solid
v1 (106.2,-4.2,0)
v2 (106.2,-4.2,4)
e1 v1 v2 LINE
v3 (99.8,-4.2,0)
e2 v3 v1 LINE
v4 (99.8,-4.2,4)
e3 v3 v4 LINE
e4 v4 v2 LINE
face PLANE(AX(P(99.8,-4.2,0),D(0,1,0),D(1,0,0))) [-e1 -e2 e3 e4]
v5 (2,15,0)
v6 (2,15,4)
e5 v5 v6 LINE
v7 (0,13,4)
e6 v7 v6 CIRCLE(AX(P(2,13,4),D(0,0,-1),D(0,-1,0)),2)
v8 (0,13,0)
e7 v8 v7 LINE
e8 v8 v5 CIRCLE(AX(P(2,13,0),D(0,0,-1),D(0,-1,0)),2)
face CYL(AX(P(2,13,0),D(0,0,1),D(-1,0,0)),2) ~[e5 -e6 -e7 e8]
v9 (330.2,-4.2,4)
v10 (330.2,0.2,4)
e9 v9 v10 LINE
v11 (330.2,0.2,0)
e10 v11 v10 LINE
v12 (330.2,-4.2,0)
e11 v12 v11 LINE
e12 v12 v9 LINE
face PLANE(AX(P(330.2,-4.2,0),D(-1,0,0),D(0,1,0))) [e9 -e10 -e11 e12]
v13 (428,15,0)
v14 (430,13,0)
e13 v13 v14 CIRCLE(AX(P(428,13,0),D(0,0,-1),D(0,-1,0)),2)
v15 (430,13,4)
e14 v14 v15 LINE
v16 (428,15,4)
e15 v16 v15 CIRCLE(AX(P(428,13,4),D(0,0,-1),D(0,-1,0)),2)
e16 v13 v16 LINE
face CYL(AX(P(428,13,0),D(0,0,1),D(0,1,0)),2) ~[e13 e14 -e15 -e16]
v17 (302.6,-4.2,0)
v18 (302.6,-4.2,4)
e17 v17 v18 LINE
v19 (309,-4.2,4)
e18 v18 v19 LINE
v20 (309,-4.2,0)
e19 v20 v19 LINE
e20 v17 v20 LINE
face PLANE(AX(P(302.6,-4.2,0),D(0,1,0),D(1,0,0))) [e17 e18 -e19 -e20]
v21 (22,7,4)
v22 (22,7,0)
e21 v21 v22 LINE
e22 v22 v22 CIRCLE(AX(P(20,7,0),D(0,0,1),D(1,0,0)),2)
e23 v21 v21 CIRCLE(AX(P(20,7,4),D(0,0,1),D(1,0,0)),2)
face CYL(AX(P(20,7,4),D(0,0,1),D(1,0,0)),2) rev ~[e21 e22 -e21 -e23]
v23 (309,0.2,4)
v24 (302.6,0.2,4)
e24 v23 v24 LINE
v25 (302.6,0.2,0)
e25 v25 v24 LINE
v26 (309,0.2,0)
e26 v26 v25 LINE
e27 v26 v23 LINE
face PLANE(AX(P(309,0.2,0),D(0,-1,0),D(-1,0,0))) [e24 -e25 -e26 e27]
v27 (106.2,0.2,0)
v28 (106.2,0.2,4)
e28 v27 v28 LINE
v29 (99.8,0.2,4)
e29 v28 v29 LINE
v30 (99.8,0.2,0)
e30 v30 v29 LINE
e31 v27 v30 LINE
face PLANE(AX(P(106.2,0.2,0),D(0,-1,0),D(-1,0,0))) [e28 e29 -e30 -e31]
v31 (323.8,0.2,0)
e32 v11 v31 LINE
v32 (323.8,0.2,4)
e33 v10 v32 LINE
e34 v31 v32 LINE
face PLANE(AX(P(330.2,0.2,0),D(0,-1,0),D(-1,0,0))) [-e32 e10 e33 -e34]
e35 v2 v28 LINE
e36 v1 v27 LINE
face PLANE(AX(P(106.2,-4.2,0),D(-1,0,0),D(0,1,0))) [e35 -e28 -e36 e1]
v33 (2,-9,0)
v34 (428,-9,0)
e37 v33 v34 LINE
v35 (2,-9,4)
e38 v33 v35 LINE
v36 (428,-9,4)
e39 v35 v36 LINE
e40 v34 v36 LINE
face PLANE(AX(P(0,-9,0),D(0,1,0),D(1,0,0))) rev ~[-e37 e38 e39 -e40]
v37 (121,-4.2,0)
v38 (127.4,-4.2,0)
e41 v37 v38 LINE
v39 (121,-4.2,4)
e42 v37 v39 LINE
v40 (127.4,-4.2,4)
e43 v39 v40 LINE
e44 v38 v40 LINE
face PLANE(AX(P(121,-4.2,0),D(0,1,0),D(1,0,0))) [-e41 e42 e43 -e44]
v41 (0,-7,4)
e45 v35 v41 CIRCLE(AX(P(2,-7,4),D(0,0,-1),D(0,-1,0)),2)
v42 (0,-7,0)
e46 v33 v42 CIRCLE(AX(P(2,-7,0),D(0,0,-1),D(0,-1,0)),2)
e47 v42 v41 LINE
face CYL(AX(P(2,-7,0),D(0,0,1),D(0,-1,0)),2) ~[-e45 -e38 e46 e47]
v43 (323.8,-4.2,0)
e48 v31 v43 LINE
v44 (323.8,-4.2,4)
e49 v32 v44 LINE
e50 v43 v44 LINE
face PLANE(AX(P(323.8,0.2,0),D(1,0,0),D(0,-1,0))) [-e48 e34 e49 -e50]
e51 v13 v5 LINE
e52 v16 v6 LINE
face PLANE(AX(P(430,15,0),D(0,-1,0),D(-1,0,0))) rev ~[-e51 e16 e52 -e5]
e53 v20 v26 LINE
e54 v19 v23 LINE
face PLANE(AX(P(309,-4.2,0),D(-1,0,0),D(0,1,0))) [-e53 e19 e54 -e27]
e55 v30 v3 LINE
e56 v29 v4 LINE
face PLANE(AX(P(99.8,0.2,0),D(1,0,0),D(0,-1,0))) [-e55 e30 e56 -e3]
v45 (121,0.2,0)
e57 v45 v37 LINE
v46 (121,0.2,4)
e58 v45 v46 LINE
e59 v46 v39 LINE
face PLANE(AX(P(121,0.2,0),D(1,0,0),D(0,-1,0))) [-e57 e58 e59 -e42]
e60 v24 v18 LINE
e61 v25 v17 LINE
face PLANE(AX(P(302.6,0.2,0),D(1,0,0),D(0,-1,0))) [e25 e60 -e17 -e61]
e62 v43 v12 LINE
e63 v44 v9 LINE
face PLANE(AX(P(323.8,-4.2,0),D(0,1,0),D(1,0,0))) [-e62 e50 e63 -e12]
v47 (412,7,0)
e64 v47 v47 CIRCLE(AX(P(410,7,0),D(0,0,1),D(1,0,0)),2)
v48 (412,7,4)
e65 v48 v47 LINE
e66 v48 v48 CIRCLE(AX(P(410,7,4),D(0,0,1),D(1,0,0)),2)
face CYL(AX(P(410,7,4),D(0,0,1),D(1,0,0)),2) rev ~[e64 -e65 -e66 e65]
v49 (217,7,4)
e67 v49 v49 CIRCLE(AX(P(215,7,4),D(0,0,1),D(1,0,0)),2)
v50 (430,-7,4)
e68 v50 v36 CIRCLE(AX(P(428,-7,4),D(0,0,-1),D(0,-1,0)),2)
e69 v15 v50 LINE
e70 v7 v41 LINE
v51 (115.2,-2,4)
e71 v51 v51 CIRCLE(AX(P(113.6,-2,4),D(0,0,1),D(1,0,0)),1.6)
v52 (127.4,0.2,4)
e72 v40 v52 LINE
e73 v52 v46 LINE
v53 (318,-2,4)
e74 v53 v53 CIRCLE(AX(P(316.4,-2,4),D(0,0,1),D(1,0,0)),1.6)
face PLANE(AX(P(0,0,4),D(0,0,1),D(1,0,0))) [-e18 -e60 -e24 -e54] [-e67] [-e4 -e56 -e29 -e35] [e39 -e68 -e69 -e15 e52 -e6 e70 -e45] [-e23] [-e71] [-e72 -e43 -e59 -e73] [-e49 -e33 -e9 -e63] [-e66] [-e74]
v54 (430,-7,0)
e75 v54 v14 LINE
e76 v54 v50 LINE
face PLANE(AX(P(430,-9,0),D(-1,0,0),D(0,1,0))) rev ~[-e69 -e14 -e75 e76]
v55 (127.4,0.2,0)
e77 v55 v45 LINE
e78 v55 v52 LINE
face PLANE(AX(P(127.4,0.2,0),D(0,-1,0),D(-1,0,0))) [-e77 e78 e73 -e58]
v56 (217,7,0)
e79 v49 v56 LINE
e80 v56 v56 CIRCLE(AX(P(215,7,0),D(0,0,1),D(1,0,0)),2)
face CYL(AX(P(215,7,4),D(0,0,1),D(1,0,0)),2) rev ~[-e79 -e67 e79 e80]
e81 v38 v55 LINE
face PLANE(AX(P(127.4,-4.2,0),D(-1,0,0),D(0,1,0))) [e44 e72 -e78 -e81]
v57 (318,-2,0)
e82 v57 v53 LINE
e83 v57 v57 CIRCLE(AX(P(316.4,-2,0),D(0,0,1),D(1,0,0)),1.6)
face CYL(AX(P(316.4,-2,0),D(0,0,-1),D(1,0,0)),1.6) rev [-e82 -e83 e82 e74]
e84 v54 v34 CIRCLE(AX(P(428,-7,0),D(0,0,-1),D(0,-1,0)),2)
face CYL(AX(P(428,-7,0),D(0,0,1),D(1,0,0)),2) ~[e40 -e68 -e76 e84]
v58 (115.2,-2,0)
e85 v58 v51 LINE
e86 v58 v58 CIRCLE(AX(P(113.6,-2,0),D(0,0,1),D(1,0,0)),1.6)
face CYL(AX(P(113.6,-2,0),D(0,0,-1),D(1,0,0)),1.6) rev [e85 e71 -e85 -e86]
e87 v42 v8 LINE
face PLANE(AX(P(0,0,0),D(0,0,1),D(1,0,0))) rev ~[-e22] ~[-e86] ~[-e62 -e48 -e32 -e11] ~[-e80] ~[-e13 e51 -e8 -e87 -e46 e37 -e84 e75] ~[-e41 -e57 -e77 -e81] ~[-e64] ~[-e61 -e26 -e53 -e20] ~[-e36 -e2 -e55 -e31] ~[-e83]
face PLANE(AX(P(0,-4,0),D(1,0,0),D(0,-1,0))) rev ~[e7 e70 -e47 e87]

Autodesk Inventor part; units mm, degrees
ref_plane "YZ Plane" through (0, 0, 0) normal (1, 0, 0) x (0, 1, 0)
ref_plane "XZ Plane" through (0, 0, 0) normal (0, 1, 0) x (-1, 0, 0)
ref_plane "XY Plane" through (0, 0, 0) normal (0, 0, 1) x (1, 0, 0)
sketch "Sketch1" plane through (0, 0, 0) normal (0, 0, 1) x (1, 0, 0)
  line L0 (430, 0) -> (430, -4) projected
  line L1 (100, -4) -> (100, 0) construction
  line L2 (0, 0) -> (100, 0) construction
  line L3 (0, 0) -> (0, -4) projected
  line L4 (100, -4) -> (0, -4) construction
  line L5 (0, -9) -> (430, -9)
  line L6 (430, -9) -> (430, 15)
  line L7 (430, 15) -> (0, 15)
  line L8 (0, 15) -> (0, -9)
  line L9 (324, 0) -> (324, -4) construction
  line L10 (330, 0) -> (330, -4) construction
  line L11 (302.8, 0) -> (302.8, -4) construction
  line L12 (308.8, 0) -> (308.8, -4) construction
  line L13 (318.1, -4) -> (314.7, -4) construction
  line L14 (318.1, 0) -> (318.1, -4) construction
  line L15 (314.7, 0) -> (318.1, 0) construction
  line L16 (314.7, 0) -> (314.7, -4) construction
  line L17 (106, 0) -> (106, -4) construction
  line L18 (100, 0) -> (100, -4) construction
  line L19 (121.2, 0) -> (121.2, -4) construction
  line L20 (127.2, 0) -> (127.2, -4) construction
  line L21 (100, 0) -> (106, 0) construction
  line L22 (106, 0) -> (106, -4) construction
  line L23 (106, -4) -> (100, -4) construction
  line L24 (100, -4) -> (100, 0) construction
  line L25 (121.2, 0) -> (127.2, 0) construction
  line L26 (127.2, 0) -> (127.2, -4) construction
  line L27 (127.2, -4) -> (121.2, -4) construction
  line L28 (121.2, -4) -> (121.2, 0) construction
  line L29 (302.8, 0) -> (308.8, 0) construction
  line L30 (308.8, 0) -> (308.8, -4) construction
  line L31 (308.8, -4) -> (302.8, -4) construction
  line L32 (302.8, -4) -> (302.8, 0) construction
  line L33 (324, 0) -> (330, 0) construction
  line L34 (330, 0) -> (330, -4) construction
  line L35 (330, -4) -> (324, -4) construction
  line L36 (324, -4) -> (324, 0) construction
  line L37 (115.3, -4) -> (111.9, -4) construction
  line L38 (115.3, 0) -> (115.3, -4) construction
  line L39 (111.9, 0) -> (115.3, 0) construction
  line L40 (111.9, 0) -> (111.9, -4) construction
  line L41 (106.2, 0.2) -> (99.8, 0.2)
  line L42 (99.8, 0.2) -> (99.8, -4.2)
  line L43 (99.8, -4.2) -> (106.2, -4.2)
  line L44 (106.2, -4.2) -> (106.2, 0.2)
  line L45 (127.4, 0.2) -> (121, 0.2)
  line L46 (121, 0.2) -> (121, -4.2)
  line L47 (121, -4.2) -> (127.4, -4.2)
  line L48 (127.4, -4.2) -> (127.4, 0.2)
  line L49 (309, 0.2) -> (302.6, 0.2)
  line L50 (302.6, 0.2) -> (302.6, -4.2)
  line L51 (302.6, -4.2) -> (309, -4.2)
  line L52 (309, -4.2) -> (309, 0.2)
  line L53 (330.2, 0.2) -> (323.8, 0.2)
  line L54 (323.8, 0.2) -> (323.8, -4.2)
  line L55 (323.8, -4.2) -> (330.2, -4.2)
  line L56 (330.2, -4.2) -> (330.2, 0.2)
  circle A0 centre (316.4, -2) radius 1.6
  circle A1 centre (113.6, -2) radius 1.6
  dimension "d0" = 5
  dimension "d1" = 15
  dimension "d2" = 0.2
  dimension "d3" = 0.2
  dimension "d4" = 0.2
  dimension "d5" = 0.2
  dimension "d6" = 3.2
  dimension "d7" = 3.2
extrude "Extrusion1" add sketch "Sketch1" along normal blind 4
fillet "Fillet1" radius 2 4 edges at (0, 15, 2) (0, -9, 2) (430, 15, 2) (430, -9, 2)
sketch "Sketch2" plane through (0, 0, 4) normal (0, 0, 1) x (1, 0, 0)
  circle A0 centre (20, 7) radius 2
  circle A1 centre (215, 7) radius 2
  circle A2 centre (410, 7) radius 2
  line L0 (0, 13) -> (0, -7) projected
  line L1 (430, -7) -> (430, 13) projected
  line L2 (428, 15) -> (2, 15) projected
  point P0 (0, 0)
  dimension "d11" = 4
  dimension "d12" = 4
  dimension "d13" = 4
  dimension "d14" = 20
  dimension "d15" = 20
  dimension "d16" = 8
  dimension "d17" = 8
  dimension "d18" = 8
extrude "Extrusion2" cut sketch "Sketch2" against normal blind 4
properties part number "wiper"
